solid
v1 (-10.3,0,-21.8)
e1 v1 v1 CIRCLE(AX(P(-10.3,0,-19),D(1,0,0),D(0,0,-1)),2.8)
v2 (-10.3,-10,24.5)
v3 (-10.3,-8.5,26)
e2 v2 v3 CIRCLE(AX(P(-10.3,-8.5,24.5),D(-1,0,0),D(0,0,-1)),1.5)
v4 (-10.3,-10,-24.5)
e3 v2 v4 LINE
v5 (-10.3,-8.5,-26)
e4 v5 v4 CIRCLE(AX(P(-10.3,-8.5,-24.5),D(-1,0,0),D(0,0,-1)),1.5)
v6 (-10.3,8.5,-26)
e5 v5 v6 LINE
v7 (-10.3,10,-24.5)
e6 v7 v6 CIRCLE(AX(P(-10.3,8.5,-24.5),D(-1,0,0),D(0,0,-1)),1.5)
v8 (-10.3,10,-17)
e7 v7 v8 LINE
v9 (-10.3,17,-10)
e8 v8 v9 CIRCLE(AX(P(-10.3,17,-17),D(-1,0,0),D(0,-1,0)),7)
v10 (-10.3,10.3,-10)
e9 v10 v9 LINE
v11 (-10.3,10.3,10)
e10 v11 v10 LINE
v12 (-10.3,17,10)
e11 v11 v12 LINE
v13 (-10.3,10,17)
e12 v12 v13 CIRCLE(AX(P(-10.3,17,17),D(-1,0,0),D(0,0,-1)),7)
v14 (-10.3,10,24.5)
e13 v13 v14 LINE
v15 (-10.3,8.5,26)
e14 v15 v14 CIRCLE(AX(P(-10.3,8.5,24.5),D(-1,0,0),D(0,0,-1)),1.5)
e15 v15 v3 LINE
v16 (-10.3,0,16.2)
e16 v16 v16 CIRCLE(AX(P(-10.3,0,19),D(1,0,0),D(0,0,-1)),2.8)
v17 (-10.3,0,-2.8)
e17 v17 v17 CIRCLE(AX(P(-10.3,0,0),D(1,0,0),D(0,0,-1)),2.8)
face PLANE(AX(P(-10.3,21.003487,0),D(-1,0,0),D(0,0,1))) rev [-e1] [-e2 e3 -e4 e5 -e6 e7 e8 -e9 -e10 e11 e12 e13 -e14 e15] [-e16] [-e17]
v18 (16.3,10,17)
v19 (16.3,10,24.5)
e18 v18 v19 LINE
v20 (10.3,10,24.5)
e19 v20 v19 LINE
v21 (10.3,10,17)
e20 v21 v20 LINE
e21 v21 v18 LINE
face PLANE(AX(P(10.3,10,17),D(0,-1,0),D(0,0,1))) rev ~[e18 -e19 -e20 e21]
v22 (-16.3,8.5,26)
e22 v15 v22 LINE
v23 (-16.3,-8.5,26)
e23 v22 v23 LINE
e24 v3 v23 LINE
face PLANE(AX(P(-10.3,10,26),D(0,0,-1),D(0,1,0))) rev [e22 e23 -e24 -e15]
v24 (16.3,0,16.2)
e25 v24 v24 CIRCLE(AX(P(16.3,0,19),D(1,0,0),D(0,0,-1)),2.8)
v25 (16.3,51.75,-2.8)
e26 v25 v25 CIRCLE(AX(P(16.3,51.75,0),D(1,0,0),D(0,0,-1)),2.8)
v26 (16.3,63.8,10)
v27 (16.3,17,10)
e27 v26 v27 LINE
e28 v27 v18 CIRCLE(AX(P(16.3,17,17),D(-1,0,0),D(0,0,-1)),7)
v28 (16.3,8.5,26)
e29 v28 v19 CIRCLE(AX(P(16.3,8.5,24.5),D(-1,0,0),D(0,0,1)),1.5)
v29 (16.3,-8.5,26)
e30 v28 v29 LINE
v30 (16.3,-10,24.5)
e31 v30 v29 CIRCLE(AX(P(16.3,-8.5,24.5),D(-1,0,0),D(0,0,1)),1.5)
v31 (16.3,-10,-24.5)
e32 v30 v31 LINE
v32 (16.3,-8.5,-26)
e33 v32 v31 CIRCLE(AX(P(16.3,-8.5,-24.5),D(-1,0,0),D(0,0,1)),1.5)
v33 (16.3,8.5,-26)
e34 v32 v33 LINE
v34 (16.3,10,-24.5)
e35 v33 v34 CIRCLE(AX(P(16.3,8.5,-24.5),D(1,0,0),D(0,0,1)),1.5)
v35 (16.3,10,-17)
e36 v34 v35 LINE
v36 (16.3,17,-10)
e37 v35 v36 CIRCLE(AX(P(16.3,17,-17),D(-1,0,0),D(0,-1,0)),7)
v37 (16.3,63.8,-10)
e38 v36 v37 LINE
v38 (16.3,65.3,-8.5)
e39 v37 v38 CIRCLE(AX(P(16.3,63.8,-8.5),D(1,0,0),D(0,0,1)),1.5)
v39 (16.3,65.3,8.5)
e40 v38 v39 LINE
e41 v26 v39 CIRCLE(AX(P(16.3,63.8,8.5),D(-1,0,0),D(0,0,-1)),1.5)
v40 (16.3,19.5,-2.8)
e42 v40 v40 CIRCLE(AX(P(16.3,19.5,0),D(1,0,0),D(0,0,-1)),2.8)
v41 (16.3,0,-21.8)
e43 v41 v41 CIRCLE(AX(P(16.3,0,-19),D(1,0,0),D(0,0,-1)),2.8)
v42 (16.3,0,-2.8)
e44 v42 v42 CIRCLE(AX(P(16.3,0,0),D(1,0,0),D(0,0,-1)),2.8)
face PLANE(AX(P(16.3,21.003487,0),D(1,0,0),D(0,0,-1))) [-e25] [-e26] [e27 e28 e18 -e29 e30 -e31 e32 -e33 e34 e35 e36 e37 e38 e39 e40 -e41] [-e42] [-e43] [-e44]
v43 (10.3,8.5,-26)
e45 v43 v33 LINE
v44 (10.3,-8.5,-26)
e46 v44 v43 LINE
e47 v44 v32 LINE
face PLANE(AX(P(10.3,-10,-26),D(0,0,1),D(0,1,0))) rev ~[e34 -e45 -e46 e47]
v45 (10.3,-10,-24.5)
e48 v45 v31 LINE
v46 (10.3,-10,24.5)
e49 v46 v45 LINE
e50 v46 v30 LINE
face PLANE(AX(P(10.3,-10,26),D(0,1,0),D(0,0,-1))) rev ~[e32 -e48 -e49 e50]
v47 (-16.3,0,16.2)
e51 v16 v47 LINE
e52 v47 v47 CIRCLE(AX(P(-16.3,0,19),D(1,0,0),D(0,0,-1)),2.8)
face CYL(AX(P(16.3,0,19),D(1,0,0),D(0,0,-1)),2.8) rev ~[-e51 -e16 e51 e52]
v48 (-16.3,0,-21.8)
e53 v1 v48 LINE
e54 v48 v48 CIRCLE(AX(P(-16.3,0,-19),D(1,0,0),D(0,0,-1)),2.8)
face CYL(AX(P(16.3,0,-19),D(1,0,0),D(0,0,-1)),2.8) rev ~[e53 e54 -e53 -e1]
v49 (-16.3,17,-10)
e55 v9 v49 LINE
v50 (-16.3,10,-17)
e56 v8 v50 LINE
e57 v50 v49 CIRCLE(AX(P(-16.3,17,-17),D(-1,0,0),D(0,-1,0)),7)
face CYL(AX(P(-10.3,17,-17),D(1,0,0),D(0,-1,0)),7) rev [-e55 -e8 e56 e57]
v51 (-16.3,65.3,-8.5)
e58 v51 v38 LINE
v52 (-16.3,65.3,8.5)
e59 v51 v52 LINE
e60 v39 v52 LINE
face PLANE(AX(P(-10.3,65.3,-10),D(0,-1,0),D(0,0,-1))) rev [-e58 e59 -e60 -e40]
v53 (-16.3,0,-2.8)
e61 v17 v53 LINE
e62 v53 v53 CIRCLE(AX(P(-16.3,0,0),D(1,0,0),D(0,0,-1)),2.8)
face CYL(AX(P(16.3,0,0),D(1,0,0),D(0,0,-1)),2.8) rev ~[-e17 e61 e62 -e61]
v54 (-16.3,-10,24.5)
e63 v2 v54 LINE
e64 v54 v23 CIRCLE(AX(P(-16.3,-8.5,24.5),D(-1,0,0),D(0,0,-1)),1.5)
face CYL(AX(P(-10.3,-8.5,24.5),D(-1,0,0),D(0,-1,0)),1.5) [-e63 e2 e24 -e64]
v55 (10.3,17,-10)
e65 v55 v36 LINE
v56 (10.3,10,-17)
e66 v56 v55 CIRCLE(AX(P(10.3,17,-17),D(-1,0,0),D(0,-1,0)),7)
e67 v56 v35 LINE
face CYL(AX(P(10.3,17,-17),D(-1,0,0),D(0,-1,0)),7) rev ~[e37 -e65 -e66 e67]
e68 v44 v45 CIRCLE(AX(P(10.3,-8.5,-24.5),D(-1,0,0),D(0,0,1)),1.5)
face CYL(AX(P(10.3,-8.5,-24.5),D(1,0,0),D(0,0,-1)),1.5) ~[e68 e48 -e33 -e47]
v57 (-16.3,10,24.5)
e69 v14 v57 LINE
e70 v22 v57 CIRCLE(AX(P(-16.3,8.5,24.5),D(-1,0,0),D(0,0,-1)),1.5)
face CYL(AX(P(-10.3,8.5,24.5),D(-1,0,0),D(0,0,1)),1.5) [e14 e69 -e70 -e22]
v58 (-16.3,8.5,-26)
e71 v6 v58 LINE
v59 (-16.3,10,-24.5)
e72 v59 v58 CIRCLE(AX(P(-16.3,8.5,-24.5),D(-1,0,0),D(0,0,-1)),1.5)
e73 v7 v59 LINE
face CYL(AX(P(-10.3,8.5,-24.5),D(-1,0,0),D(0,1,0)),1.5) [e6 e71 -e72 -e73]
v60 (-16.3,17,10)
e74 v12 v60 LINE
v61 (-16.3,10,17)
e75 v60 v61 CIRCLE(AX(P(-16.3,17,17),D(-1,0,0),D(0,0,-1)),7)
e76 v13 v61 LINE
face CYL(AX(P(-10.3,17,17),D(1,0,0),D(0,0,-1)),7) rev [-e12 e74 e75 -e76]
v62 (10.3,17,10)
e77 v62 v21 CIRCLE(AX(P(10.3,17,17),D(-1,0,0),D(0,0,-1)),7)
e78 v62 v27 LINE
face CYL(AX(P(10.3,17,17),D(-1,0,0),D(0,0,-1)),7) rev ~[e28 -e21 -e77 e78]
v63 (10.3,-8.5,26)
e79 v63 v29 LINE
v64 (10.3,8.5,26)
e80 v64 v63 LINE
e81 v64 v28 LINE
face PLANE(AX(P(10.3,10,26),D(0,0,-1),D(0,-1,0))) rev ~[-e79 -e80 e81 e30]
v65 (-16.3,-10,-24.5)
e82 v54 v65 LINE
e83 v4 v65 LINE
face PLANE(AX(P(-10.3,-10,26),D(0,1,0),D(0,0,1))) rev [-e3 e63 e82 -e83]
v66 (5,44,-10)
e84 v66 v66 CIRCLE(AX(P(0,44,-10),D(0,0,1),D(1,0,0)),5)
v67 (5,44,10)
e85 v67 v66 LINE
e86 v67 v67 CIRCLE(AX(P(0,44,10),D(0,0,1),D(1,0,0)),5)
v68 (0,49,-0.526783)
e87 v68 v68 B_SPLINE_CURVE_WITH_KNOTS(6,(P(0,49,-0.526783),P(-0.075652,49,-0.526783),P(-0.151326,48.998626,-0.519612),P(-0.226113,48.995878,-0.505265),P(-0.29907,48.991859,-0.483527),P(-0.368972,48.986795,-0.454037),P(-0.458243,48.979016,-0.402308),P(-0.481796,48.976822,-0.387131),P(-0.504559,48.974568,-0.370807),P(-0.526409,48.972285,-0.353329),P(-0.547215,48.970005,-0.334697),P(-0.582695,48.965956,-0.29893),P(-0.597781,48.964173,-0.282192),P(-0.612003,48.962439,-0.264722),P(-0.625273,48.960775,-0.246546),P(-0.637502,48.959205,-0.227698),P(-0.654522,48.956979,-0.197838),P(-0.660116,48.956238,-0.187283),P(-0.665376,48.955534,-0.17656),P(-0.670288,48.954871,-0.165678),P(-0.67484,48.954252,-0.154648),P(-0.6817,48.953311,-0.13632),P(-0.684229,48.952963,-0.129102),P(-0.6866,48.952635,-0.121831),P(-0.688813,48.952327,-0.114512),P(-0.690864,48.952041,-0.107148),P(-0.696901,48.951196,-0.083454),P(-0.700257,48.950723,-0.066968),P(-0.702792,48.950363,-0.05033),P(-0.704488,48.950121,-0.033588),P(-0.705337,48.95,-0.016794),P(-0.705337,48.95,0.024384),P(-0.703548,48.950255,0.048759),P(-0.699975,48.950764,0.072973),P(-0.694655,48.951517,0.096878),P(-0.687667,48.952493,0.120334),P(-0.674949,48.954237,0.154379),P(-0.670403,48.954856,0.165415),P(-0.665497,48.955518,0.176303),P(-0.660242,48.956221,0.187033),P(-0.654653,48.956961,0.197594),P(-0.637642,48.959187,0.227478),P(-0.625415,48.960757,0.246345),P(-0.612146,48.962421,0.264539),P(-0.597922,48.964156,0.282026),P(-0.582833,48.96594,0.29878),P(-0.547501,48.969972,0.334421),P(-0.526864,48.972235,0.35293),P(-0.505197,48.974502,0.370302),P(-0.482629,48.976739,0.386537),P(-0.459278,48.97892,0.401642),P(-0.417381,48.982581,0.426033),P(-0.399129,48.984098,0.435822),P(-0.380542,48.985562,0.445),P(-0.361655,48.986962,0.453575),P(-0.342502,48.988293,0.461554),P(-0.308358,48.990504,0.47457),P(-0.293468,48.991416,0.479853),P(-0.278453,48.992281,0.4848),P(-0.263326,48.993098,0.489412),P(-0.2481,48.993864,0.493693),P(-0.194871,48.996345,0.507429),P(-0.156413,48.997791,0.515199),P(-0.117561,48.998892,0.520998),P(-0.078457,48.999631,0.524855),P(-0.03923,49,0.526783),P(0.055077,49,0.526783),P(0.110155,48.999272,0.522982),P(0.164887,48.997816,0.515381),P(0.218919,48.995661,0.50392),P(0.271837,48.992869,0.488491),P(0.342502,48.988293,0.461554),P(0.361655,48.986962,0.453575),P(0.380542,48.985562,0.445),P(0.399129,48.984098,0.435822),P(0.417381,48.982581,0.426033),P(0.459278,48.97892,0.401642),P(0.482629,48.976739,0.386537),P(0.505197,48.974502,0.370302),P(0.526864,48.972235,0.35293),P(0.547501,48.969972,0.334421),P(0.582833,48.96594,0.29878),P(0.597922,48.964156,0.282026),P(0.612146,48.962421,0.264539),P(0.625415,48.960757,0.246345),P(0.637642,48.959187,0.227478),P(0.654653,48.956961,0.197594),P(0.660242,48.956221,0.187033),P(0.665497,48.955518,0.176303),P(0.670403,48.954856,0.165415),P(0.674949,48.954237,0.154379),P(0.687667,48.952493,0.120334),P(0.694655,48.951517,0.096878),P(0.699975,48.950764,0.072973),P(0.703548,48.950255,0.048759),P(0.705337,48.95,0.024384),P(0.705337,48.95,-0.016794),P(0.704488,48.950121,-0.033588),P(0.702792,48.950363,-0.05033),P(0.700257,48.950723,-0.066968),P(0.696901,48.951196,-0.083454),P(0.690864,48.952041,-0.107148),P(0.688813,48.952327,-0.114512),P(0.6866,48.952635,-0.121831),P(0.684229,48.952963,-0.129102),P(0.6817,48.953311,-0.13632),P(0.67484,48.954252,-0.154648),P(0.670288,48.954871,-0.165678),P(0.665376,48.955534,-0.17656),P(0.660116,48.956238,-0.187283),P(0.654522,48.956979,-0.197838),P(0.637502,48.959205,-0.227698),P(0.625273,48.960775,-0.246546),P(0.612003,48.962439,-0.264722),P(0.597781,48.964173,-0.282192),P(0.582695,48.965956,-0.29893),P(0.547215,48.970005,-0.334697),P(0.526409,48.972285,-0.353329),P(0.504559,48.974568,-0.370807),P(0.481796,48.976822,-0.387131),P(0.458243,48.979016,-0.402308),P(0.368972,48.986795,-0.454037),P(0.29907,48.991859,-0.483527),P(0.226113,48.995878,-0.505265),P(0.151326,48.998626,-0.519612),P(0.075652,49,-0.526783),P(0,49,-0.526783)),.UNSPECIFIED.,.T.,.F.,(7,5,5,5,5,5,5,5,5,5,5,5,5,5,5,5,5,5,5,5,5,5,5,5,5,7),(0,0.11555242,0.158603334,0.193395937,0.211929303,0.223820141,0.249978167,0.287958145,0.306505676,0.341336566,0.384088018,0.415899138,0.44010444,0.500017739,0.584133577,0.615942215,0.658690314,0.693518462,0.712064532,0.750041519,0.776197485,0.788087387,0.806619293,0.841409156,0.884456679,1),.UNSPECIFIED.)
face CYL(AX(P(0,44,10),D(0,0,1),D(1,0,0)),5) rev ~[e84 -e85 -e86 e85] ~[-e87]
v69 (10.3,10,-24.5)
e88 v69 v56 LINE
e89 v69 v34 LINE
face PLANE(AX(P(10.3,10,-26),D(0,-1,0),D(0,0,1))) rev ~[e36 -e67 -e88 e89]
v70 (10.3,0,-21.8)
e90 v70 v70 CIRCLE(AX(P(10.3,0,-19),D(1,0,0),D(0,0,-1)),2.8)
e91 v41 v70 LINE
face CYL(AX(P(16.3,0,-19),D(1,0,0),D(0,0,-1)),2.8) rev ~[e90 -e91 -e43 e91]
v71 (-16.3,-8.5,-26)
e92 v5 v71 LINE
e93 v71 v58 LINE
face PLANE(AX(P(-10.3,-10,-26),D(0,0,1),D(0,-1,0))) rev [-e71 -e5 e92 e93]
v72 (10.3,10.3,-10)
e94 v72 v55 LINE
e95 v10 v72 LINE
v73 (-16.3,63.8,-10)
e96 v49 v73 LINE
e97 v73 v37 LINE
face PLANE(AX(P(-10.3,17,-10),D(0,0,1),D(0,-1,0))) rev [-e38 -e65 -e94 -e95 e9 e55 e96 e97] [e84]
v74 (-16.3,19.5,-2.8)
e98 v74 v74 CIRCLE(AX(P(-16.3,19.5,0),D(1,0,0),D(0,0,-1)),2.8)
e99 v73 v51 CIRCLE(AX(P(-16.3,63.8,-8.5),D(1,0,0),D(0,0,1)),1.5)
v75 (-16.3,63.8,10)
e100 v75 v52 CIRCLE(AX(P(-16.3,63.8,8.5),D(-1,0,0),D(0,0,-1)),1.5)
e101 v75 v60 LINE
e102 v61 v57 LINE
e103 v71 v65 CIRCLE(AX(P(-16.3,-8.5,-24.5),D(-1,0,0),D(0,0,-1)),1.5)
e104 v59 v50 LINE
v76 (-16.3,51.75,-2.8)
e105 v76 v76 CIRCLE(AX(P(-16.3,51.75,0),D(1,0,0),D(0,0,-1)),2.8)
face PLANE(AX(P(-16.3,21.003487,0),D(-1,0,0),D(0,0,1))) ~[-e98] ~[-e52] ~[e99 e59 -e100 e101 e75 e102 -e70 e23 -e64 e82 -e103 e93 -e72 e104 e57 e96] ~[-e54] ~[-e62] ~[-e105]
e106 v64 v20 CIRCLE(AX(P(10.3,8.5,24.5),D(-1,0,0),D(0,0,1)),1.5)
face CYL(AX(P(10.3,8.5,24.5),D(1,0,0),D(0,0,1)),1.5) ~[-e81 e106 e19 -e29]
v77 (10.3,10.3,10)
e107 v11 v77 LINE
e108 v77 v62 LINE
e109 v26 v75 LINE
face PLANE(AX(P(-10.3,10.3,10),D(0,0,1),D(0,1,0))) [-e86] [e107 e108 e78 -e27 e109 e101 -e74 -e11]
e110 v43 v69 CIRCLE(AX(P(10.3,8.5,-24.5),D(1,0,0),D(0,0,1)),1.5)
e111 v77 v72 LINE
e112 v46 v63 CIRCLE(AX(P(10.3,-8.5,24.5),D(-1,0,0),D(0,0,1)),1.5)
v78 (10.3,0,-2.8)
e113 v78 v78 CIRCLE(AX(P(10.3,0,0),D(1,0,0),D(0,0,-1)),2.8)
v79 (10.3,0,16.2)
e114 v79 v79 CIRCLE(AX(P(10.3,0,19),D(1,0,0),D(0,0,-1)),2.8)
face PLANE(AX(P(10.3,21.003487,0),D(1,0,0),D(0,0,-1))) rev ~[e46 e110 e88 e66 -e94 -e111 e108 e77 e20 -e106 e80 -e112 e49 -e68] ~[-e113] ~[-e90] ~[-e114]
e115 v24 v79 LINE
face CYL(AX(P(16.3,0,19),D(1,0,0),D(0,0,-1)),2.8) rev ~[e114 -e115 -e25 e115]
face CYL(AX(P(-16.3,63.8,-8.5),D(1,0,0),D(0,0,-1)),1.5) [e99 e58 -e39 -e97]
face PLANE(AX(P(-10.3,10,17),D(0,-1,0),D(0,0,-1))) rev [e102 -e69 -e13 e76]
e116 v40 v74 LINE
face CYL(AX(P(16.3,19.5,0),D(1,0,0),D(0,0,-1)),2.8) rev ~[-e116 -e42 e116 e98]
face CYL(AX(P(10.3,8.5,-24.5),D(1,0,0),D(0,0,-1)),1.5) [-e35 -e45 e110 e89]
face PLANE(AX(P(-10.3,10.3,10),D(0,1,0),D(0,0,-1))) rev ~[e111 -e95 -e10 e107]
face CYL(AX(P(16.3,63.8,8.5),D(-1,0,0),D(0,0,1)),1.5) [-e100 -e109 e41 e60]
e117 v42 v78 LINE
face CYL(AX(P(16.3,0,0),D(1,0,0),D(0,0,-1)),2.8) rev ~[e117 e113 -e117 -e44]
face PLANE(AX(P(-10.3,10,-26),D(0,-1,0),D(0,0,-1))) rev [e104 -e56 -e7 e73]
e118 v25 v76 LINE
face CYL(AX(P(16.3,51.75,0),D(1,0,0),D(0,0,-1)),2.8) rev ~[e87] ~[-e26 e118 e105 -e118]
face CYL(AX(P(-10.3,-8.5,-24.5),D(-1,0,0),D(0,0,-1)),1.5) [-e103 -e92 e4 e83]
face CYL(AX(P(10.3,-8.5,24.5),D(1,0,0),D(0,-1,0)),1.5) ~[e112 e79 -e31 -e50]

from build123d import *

# Parameters (mm, degrees)
EXTRUDE1_DEPTH      = 10.3
EXTRUDE1_DEPTH_BACK = 10.3
SKETCH1_W           = 20
SKETCH1_H           = 55
EXTRUDE2_DEPTH      = 6
SKETCH4_R           = 2.8
EXTRUDE3_DEPTH      = 78.478061411
SKETCH5_R           = 5
EXTRUDE4_DEPTH      = 77.326797391
FILLET2_R           = 1.5


with BuildPart() as part:
    # Sketch1 → Extrude1 (new, two sides: drawn at the far end of the back side and taken through both)
    with BuildSketch(Plane(origin=(0, 0, 0), x_dir=(0, 0, -1), z_dir=(1, 0, 0)).offset(-EXTRUDE1_DEPTH_BACK)):
        with Locations((0, 37.8)):
            Rectangle(SKETCH1_W, SKETCH1_H)
    extrude(amount=EXTRUDE1_DEPTH + EXTRUDE1_DEPTH_BACK)

    # Sketch2 → Extrude2 (add)
    with BuildSketch(Plane(origin=(10.3, 0, 0), x_dir=(0, 0, -1), z_dir=(1, 0, 0))):
        with BuildLine():
            Line((26, 10), (17, 10))
            ThreePointArc((17, 10), (12.050252532, 12.050252532), (10, 17))
            Line((10, 17), (10, 65.3))
            Line((10, 65.3), (-10, 65.3))
            Line((-10, 65.3), (-10, 17))
            ThreePointArc((-10, 17), (-12.050252532, 12.050252532), (-17, 10))
            Line((-17, 10), (-26, 10))
            Line((-26, 10), (-26, -10))
            Line((-26, -10), (26, -10))
            Line((26, -10), (26, 10))
        make_face()
    extrude2 = extrude(amount=EXTRUDE2_DEPTH)

    # Mirror2: Extrude2 across plane
    add(extrude2.mirror(Plane(origin=(0, 0, 0), x_dir=(0, 0, 1), z_dir=(1, 0, 0))))

    # Sketch4 → Extrude3 (cut, through all)
    with BuildSketch(Plane(origin=(16.3, 0, 0), x_dir=(0, 0, -1), z_dir=(1, 0, 0))):
        Circle(SKETCH4_R)
        with Locations((19, 0)):
            Circle(SKETCH4_R)
        with Locations((-19, 0)):
            Circle(SKETCH4_R)
        with Locations((0, 19.5)):
            Circle(SKETCH4_R)
        with Locations((0, 51.75)):
            Circle(SKETCH4_R)
    extrude(amount=-EXTRUDE3_DEPTH, mode=Mode.SUBTRACT)

    # Sketch5 → Extrude4 (cut, through all)
    with BuildSketch(Plane.XY.offset(10)):
        with Locations((0, 44)):
            Circle(SKETCH5_R)
    extrude(amount=-EXTRUDE4_DEPTH, mode=Mode.SUBTRACT)

    # Fillet2
    fillet2_edges = [part.edges().sort_by_distance(p)[0] for p in [
        (13.3, 10, 26),
        (13.3, -10, 26),
        (13.3, -10, -26),
        (13.3, 10, -26),
        (-13.3, -10, 26),
        (-13.3, 10, 26),
        (-13.3, 10, -26),
        (-13.3, -10, -26),
        (0, 65.3, 10),
        (0, 65.3, -10),
    ]]
    fillet(fillet2_edges, radius=FILLET2_R)


solid = part.part
